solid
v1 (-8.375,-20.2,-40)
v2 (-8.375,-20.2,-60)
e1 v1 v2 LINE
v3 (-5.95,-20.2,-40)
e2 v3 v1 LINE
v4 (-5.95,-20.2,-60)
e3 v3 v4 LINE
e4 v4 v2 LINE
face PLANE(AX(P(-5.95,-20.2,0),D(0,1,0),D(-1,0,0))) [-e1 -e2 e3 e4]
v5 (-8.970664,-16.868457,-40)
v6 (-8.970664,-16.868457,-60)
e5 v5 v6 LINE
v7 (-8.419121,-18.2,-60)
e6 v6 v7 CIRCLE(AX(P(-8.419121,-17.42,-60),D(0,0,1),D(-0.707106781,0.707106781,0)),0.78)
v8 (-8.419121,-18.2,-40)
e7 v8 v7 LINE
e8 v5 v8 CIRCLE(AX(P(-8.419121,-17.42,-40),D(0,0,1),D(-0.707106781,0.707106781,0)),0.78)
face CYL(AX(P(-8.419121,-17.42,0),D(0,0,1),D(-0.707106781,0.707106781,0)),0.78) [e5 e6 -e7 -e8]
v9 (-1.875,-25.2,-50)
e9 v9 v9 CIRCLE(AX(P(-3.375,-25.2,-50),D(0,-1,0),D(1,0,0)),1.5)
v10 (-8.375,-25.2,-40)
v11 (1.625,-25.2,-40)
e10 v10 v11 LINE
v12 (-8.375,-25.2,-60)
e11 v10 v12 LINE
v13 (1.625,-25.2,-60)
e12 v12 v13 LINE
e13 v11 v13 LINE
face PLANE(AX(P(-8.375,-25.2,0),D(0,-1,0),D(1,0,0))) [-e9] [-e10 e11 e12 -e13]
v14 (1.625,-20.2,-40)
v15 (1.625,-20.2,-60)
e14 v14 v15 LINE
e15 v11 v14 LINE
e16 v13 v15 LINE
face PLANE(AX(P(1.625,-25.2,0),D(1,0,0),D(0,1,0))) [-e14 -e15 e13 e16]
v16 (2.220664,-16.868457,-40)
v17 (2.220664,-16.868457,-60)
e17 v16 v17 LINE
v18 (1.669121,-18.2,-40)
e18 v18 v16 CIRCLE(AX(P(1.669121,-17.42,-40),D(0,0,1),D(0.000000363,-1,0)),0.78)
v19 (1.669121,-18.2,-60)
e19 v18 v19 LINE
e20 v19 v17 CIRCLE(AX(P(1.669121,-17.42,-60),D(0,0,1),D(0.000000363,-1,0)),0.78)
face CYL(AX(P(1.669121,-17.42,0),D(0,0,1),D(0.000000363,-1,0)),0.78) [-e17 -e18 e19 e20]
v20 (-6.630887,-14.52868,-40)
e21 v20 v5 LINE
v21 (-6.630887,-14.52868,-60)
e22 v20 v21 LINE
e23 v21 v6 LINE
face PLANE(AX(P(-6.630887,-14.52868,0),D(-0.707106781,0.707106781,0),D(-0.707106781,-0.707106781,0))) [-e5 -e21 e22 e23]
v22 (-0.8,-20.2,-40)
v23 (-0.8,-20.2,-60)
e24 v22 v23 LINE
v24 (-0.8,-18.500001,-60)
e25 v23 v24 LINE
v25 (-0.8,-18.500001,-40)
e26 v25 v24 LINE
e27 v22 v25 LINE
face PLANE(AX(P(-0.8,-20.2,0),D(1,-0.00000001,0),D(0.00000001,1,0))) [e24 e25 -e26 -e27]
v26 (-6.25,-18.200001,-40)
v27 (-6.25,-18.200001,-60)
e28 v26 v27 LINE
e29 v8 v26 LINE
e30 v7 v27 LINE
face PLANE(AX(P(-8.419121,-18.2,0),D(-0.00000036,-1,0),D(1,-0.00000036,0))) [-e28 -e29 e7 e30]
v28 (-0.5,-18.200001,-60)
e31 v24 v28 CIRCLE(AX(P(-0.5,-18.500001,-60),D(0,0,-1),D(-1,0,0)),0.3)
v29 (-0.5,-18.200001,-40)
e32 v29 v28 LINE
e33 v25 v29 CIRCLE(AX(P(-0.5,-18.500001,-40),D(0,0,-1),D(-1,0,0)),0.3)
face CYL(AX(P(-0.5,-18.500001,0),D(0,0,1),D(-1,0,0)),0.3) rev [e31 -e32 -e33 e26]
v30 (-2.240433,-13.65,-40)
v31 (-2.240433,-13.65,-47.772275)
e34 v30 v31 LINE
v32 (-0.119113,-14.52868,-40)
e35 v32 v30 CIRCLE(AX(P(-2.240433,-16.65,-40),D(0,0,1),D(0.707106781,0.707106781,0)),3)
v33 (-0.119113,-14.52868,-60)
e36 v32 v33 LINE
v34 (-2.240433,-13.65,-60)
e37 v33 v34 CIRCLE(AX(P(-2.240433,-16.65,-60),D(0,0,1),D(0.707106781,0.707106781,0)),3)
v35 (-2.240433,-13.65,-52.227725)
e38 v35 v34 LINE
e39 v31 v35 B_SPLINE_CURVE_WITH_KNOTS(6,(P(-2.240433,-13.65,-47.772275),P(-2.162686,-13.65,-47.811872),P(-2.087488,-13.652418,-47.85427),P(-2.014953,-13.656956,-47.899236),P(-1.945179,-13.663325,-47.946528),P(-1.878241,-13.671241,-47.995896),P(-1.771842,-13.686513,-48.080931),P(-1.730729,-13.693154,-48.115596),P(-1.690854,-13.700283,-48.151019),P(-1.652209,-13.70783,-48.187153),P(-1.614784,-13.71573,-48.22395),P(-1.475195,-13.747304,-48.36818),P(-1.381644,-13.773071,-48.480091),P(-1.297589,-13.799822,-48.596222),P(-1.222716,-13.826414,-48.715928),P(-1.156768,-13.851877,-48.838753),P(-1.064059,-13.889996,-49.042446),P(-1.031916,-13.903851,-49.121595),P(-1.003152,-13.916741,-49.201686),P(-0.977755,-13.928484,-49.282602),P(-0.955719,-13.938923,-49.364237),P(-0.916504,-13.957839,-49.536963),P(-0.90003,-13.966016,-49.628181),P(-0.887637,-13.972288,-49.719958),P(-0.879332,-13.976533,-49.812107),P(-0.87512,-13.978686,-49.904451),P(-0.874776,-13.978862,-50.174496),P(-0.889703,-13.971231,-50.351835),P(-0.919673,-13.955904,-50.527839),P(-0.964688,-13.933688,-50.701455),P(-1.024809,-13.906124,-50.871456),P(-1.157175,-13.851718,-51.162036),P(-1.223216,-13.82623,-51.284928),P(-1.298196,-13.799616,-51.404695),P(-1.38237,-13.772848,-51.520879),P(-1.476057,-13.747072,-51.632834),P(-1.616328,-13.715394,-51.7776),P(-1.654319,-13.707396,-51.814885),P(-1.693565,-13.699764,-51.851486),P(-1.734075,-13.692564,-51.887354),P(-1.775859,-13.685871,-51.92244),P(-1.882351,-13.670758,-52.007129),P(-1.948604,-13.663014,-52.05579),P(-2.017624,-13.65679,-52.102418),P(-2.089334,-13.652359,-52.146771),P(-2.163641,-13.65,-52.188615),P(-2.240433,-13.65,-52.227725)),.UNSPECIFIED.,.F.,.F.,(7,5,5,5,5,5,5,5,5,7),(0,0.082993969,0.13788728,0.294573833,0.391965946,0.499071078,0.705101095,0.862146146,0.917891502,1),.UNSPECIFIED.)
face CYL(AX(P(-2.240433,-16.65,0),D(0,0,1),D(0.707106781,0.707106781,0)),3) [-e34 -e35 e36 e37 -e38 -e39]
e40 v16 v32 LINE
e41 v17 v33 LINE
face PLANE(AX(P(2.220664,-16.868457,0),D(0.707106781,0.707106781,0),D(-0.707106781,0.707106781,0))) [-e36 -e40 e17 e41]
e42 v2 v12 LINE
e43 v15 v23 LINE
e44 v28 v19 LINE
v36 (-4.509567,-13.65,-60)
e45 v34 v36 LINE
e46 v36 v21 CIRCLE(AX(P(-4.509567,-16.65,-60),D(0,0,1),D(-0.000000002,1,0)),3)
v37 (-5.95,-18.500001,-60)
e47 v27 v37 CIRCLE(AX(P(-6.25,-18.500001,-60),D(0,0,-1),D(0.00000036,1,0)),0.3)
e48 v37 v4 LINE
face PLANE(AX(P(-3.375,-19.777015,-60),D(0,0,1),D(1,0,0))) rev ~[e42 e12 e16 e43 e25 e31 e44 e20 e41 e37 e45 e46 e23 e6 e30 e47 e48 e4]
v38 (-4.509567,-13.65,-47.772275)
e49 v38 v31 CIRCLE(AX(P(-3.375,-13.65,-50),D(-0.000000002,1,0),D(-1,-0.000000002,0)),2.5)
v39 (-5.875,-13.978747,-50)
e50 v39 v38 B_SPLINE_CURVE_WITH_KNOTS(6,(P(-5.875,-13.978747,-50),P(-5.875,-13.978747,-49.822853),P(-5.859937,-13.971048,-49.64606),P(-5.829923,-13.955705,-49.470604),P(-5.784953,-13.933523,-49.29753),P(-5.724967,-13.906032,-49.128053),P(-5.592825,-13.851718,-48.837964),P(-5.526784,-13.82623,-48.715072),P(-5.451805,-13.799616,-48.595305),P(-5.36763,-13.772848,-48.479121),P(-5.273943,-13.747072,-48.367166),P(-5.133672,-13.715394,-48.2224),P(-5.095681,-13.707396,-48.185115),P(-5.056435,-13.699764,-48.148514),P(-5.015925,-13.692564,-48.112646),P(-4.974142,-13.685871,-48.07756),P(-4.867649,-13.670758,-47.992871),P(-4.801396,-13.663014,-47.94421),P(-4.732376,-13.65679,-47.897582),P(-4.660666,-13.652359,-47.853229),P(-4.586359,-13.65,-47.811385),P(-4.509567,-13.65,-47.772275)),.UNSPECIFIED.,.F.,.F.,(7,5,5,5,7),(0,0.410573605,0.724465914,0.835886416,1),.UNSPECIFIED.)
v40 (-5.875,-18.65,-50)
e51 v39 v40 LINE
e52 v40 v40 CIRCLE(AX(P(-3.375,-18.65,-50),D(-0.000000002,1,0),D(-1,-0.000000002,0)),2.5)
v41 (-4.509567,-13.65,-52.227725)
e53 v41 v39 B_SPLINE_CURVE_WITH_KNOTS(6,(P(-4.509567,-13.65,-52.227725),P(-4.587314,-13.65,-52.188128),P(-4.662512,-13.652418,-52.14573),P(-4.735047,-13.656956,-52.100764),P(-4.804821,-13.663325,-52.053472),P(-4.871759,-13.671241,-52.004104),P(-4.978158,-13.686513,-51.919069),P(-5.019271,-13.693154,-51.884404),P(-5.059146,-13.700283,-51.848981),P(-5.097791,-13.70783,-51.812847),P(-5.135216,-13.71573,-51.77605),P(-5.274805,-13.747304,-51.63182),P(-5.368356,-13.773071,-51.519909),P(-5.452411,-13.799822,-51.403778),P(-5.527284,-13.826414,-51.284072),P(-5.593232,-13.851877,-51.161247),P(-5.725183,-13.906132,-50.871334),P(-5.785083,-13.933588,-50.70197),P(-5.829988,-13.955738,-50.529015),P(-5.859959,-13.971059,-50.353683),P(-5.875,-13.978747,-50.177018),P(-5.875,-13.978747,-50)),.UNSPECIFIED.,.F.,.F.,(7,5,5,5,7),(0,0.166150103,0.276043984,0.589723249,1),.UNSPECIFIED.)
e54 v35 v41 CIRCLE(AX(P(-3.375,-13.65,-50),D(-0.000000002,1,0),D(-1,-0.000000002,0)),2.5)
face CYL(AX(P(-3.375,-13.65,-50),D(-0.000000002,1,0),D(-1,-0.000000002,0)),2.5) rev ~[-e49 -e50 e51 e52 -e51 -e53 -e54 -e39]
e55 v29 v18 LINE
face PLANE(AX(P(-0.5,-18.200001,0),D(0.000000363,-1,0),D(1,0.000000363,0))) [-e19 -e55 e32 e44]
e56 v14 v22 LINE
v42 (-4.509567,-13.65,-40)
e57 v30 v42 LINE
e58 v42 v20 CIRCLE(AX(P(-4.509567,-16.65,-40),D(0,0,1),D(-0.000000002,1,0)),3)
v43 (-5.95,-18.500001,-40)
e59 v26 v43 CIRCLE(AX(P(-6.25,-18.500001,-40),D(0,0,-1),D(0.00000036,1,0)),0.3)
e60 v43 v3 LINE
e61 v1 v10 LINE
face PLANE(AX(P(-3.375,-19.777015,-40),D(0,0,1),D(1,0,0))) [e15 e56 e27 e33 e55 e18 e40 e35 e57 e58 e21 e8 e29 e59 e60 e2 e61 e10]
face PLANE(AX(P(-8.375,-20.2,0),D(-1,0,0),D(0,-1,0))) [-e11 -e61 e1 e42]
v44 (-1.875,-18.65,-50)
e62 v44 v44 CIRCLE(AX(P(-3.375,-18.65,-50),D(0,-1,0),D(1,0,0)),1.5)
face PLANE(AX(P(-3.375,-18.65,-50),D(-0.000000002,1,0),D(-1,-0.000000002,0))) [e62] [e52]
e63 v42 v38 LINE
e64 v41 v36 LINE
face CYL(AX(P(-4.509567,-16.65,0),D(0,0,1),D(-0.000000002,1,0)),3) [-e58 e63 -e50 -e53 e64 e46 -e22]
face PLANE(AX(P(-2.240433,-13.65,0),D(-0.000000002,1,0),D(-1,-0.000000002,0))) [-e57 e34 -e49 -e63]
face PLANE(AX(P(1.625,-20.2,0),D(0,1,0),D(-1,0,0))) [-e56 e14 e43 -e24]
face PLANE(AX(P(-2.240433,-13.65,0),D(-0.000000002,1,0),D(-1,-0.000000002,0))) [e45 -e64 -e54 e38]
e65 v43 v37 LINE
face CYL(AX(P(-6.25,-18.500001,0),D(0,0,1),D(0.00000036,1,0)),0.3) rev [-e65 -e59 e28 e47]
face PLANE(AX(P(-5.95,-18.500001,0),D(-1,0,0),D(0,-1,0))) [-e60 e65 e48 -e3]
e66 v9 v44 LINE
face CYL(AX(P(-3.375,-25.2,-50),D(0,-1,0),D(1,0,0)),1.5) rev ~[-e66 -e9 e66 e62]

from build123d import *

# Parameters (mm, degrees)
F1_DEPTH = 60
F2_R     = 1.5
F3_DEPTH = 25
F4_R     = 2.5
F5_R     = 2.5
F6_DEPTH = 5
F7_DEPTH = 40


with BuildPart() as f1:
    # F0 (on Top) → F1 (new body)
    with BuildSketch(Plane.XY):
        with BuildLine():
            Line((-0.8000000172, -20.2), (-0.8000000172, -19.2))
            Line((-0.8, -19.2), (-0.8, -18.5000007629))
            ThreePointArc((-0.8, -18.5000007629), (-0.7121320729, -18.2878687671), (-0.5000001089, -18.2000007629))
            Line((-0.5000001089, -18.2000007629), (1.6691214738, -18.1999999754))
            ThreePointArc((1.6691214738, -18.1999999754), (2.3897472802, -17.7184929218), (2.2206644799, -16.868456686))
            Line((2.2206644799, -16.868456686), (-0.1191125495, -14.5286796566))
            ThreePointArc((-0.1191125495, -14.5286796566), (-1.0923825989, -13.8783614014), (-2.2404328993, -13.6500000001))
            Line((-2.2404328993, -13.6500000001), (-4.5095671179, -13.6500000049))
            ThreePointArc((-4.5095671179, -13.6500000049), (-5.6576174116, -13.8783614085), (-6.6308874552, -14.5286796613))
            Line((-6.6308874552, -14.5286796613), (-8.970664486, -16.8684566921))
            ThreePointArc((-8.970664486, -16.8684566921), (-9.1397472858, -17.7184929288), (-8.4191214777, -18.1999999814))
            Line((-8.4191214777, -18.1999999814), (-6.2499998919, -18.2000007629))
            ThreePointArc((-6.2499998919, -18.2000007629), (-6.0378679274, -18.2878687668), (-5.95, -18.5000007629))
            Line((-5.95, -18.5000007629), (-5.95, -19.2))
            Line((-5.95, -19.2), (-5.95, -20.2))
            Line((-5.95, -20.2), (-8.3750000086, -20.2))
            Line((-8.3750000086, -20.2), (-8.3750000086, -25.2))
            Line((-8.3750000086, -25.2), (-3.3750000086, -25.2))
            Line((-3.3750000086, -25.2), (1.6249999914, -25.2))
            Line((1.6249999914, -25.2), (1.6249999914, -20.2))
            Line((1.6249999914, -20.2), (-0.8000000172, -20.2))
        make_face()
    extrude(amount=-F1_DEPTH)

    # F2 (on face) → F3 (cut)
    with BuildSketch(Plane.XZ.offset(25.2)):
        with Locations((-3.3750000086, -50)):
            Circle(F2_R)
        with Locations((-3.3750000086, -30)):
            Circle(F2_R)
        with Locations((-3.3750000086, -10)):
            Circle(F2_R)
    extrude(amount=-F3_DEPTH, mode=Mode.SUBTRACT)

    # F4 (on face) + F5 (on face) → F6 (cut)
    with BuildSketch(Plane(origin=(2.85e-08, -13.6499999955, 0), x_dir=(-1, -2.1e-09, 0), z_dir=(-2.1e-09, 1, 0))):
        with Locations((3.3750000371, -10)):
            Circle(F4_R)
        with Locations((3.3750000371, -30)):
            Circle(F4_R)
    with BuildSketch(Plane(origin=(2.85e-08, -13.6499999955, 0), x_dir=(-1, -2.1e-09, 0), z_dir=(-2.1e-09, 1, 0))):
        with Locations((3.3750000371, -50)):
            Circle(F5_R)
    extrude(amount=-F6_DEPTH, mode=Mode.SUBTRACT)

    # F7 (cut): a face of the model
    f7_faces = [f1.faces().sort_by_distance(p)[0] for p in [
        (-3.3750000055, -19.7568505706, 0),
    ]]
    extrude(f7_faces, amount=-F7_DEPTH, mode=Mode.SUBTRACT)


solid = f1.part
